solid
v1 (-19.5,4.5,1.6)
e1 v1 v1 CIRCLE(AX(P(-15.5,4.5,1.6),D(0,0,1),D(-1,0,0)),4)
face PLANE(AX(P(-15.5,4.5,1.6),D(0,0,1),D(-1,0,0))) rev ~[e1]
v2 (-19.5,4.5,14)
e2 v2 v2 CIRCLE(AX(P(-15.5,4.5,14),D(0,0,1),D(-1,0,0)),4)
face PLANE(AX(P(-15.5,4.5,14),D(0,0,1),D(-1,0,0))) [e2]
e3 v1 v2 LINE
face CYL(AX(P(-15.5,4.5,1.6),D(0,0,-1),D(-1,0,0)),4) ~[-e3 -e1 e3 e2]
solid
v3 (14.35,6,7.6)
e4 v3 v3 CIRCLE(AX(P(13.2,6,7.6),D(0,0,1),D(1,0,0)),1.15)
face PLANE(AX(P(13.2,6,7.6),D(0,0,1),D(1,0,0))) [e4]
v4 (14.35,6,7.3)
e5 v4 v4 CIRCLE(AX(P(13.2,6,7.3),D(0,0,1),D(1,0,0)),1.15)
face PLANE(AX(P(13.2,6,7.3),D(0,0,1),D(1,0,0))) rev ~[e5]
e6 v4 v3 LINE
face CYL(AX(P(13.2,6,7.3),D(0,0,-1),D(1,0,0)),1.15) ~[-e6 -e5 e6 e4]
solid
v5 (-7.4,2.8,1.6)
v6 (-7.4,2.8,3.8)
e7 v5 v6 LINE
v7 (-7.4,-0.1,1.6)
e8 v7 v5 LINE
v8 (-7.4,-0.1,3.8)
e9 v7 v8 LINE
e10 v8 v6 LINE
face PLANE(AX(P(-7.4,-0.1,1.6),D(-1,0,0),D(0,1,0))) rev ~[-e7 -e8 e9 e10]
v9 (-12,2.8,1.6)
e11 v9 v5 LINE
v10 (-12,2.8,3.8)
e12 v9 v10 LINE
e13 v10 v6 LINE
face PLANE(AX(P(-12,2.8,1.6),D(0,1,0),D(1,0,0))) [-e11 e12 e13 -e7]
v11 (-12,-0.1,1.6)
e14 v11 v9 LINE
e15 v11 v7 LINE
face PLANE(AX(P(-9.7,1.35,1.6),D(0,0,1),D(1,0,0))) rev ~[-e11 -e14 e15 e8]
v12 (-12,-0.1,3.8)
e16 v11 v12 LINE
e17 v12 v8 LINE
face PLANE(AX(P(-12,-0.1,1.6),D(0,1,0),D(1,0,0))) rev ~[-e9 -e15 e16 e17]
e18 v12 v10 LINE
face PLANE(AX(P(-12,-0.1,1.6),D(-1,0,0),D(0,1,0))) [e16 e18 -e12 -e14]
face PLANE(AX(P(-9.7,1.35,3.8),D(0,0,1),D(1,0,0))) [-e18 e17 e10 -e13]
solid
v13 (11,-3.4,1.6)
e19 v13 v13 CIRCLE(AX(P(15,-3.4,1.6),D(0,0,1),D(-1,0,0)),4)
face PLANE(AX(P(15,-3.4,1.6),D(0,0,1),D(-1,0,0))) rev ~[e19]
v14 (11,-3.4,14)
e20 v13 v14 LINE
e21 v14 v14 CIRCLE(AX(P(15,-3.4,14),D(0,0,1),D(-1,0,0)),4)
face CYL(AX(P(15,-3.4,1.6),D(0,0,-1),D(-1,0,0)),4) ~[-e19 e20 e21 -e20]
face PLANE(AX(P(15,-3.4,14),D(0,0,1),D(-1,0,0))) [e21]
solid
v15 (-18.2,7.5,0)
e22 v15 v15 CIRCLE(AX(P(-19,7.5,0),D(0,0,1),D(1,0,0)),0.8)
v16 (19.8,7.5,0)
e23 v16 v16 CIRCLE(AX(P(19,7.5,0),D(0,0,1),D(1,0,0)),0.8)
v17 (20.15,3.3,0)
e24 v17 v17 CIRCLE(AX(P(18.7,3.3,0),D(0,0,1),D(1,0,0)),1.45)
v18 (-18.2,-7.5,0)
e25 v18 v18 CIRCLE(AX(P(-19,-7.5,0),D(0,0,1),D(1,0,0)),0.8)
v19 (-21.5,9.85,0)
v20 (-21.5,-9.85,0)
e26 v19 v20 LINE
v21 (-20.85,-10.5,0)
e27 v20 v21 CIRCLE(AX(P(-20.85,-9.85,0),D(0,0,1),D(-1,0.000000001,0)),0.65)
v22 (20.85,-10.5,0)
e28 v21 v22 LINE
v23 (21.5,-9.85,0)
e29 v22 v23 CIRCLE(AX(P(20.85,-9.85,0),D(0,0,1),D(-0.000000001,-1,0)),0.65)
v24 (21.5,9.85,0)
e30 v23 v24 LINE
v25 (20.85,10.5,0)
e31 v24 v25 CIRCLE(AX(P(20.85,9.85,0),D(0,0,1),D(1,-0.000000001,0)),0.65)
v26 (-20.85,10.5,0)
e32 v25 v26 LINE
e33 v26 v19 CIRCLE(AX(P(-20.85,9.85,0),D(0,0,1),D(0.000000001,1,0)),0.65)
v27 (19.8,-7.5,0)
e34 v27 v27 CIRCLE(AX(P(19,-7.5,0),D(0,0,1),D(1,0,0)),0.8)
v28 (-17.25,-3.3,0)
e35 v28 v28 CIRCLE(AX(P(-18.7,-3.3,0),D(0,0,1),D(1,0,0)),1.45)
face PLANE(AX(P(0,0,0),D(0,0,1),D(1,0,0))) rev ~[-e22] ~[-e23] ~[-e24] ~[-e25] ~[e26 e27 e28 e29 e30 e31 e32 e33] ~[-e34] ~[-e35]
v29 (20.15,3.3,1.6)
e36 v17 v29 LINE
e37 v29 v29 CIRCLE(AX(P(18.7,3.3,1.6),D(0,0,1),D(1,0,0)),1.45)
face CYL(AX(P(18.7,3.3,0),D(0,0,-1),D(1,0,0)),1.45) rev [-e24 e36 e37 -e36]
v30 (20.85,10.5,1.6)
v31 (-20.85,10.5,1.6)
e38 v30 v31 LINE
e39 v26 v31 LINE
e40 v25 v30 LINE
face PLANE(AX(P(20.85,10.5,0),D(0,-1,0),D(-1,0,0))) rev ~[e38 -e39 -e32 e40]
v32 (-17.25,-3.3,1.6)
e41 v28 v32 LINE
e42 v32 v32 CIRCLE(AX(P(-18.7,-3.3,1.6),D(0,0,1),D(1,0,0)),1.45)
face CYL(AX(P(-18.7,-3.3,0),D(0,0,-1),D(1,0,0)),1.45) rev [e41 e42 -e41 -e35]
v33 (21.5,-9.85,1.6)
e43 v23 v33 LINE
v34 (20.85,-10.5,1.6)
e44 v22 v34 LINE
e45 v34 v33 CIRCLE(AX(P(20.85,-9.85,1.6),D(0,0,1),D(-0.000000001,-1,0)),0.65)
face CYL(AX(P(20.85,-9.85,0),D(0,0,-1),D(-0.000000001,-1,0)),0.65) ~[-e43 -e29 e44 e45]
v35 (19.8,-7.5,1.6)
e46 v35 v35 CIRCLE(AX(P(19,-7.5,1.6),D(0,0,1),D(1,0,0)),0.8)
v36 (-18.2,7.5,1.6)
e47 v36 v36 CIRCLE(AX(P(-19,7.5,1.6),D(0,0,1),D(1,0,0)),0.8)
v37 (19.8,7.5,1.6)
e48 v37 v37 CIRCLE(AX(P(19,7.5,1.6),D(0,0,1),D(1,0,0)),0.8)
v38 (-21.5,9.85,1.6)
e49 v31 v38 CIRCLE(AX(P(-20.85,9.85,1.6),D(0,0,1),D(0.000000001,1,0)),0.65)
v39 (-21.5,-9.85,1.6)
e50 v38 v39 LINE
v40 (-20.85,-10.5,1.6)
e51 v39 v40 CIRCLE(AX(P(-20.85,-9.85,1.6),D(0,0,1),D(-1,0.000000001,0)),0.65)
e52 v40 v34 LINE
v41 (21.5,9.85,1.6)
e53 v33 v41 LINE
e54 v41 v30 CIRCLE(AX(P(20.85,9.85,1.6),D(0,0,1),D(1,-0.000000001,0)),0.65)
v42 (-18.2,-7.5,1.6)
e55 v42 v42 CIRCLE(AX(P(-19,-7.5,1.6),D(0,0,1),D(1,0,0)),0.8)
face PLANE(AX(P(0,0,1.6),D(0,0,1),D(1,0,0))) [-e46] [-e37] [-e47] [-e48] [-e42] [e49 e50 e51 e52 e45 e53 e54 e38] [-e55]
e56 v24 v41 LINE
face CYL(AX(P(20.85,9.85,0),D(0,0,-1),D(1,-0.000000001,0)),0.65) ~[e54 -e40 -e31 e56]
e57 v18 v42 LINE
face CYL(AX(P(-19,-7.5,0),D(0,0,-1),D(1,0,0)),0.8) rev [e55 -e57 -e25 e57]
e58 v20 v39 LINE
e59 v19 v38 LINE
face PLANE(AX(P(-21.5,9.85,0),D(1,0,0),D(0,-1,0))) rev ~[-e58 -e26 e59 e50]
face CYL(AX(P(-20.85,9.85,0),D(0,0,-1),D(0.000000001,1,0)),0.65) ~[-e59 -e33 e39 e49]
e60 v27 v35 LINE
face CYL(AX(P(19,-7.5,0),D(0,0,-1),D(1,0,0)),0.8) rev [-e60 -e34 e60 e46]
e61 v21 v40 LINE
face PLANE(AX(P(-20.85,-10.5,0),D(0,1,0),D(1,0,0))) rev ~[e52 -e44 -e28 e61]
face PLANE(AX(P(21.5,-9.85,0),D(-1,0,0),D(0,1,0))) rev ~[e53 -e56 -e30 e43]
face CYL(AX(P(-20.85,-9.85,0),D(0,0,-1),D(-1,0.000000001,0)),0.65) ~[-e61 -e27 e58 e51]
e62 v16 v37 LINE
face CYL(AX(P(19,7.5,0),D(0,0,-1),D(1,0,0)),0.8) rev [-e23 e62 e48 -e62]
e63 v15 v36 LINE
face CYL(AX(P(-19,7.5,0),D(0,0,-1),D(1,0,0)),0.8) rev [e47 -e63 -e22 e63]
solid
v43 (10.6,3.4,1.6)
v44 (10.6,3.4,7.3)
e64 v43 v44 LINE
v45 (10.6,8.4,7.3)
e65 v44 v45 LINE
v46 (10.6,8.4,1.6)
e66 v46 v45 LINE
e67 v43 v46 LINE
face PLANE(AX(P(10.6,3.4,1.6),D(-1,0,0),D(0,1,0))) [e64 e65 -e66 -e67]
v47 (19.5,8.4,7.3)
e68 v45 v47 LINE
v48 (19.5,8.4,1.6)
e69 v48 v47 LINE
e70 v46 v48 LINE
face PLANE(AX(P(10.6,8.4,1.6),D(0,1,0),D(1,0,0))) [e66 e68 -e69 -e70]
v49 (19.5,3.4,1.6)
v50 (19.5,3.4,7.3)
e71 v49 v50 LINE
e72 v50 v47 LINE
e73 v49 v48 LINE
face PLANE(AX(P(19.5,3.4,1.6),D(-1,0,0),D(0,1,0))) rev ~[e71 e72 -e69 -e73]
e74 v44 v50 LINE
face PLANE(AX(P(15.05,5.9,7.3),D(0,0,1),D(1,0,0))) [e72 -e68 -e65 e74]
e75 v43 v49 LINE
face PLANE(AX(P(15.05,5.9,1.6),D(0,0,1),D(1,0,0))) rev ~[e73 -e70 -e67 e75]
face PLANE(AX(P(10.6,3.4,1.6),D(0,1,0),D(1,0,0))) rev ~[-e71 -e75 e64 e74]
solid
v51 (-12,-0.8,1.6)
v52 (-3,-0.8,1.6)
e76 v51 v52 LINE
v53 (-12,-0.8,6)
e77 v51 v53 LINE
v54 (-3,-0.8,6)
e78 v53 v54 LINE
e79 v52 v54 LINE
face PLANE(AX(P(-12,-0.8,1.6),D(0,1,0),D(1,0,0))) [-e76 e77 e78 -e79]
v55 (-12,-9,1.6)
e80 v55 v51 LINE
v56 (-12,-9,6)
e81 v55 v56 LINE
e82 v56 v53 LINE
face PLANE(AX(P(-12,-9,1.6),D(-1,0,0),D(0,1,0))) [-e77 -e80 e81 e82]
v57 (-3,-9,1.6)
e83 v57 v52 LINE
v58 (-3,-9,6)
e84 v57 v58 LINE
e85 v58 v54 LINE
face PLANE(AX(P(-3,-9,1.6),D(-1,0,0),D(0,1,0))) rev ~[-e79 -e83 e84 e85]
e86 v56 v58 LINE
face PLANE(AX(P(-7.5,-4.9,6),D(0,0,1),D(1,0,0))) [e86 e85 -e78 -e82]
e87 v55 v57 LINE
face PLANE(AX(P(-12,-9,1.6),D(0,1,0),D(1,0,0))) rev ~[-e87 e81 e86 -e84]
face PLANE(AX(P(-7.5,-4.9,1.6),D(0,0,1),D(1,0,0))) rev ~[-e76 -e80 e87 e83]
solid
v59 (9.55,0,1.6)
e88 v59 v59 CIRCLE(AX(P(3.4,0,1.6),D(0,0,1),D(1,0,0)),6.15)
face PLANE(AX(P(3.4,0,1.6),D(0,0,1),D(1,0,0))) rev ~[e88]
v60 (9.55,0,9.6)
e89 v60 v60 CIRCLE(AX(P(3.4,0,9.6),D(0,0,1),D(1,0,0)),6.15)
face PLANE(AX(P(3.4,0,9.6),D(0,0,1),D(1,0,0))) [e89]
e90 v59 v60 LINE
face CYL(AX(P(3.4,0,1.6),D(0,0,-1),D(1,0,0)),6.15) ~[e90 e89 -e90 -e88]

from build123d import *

# Parameters (mm, degrees)
PCB_43X21X1P6_SKETCH_R     = 0.8
PCB_43X21X1P6_SKETCH_R_2   = 1.45
PCB_43X21X1P6_DEPTH        = 1.6
LM2596S_TO263_START        = 1.6
LM2596S_TO263_SKETCH_W     = 9
LM2596S_TO263_SKETCH_H     = 8.2
LM2596S_TO263_DEPTH        = 4.4
TRIM_POT_START             = 1.6
TRIM_POT_SKETCH_W          = 8.9
TRIM_POT_SKETCH_H          = 5
TRIM_POT_DEPTH             = 5.7
TRIM_ADJUST_START          = 7.3
TRIM_ADJUST_SKETCH_R       = 1.15
TRIM_ADJUST_DEPTH          = 0.3
SHIELDED_INDUCTOR_START    = 1.6
SHIELDED_INDUCTOR_SKETCH_R = 6.15
SHIELDED_INDUCTOR_DEPTH    = 8
INPUT_CAPACITOR_START      = 1.6
INPUT_CAPACITOR_SKETCH_R   = 4
INPUT_CAPACITOR_DEPTH      = 12.4
OUTPUT_CAPACITOR_START     = 1.6
OUTPUT_CAPACITOR_SKETCH_R  = 4
OUTPUT_CAPACITOR_DEPTH     = 12.4
SCHOTTKY_DIODE_START       = 1.6
SCHOTTKY_DIODE_SKETCH_W    = 4.6
SCHOTTKY_DIODE_SKETCH_H    = 2.9
SCHOTTKY_DIODE_DEPTH       = 2.2


with BuildPart() as part:
    # PCB_43x21x1p6_Sketch → PCB_43x21x1p6 (new body)
    with BuildSketch(Plane.XY):
        with BuildLine():
            Line((-20.85, -10.5), (20.85, -10.5))
            ThreePointArc((20.85, -10.5), (21.309619408, -10.309619408), (21.5, -9.85))
            Line((21.5, -9.85), (21.5, 9.85))
            ThreePointArc((21.5, 9.85), (21.309619408, 10.309619408), (20.85, 10.5))
            Line((20.85, 10.5), (-20.85, 10.5))
            ThreePointArc((-20.85, 10.5), (-21.309619408, 10.309619408), (-21.5, 9.85))
            Line((-21.5, 9.85), (-21.5, -9.85))
            ThreePointArc((-21.5, -9.85), (-21.309619408, -10.309619408), (-20.85, -10.5))
        make_face()
        with Locations((-19, -7.5)):
            Circle(PCB_43X21X1P6_SKETCH_R, mode=Mode.SUBTRACT)
        with Locations((-19, 7.5)):
            Circle(PCB_43X21X1P6_SKETCH_R, mode=Mode.SUBTRACT)
        with Locations((19, -7.5)):
            Circle(PCB_43X21X1P6_SKETCH_R, mode=Mode.SUBTRACT)
        with Locations((19, 7.5)):
            Circle(PCB_43X21X1P6_SKETCH_R, mode=Mode.SUBTRACT)
        with Locations((-18.7, -3.3)):
            Circle(PCB_43X21X1P6_SKETCH_R_2, mode=Mode.SUBTRACT)
        with Locations((18.7, 3.3)):
            Circle(PCB_43X21X1P6_SKETCH_R_2, mode=Mode.SUBTRACT)
    extrude(amount=PCB_43X21X1P6_DEPTH)


with BuildPart() as body_2:
    # LM2596S_TO263_Sketch → LM2596S_TO263 (new body)
    with BuildSketch(Plane.XY.offset(LM2596S_TO263_START)):
        with Locations((-7.5, -4.9)):
            Rectangle(LM2596S_TO263_SKETCH_W, LM2596S_TO263_SKETCH_H)
    extrude(amount=LM2596S_TO263_DEPTH)


with BuildPart() as body_3:
    # Trim_pot_Sketch → Trim_pot (new body)
    with BuildSketch(Plane.XY.offset(TRIM_POT_START)):
        with Locations((15.05, 5.9)):
            Rectangle(TRIM_POT_SKETCH_W, TRIM_POT_SKETCH_H)
    extrude(amount=TRIM_POT_DEPTH)


with BuildPart() as body_4:
    # Trim_Adjust_Sketch → Trim_Adjust (new body)
    with BuildSketch(Plane.XY.offset(TRIM_ADJUST_START)):
        with Locations((13.2, 6)):
            Circle(TRIM_ADJUST_SKETCH_R)
    extrude(amount=TRIM_ADJUST_DEPTH)


with BuildPart() as body_5:
    # Shielded_inductor_Sketch → Shielded_inductor (new body)
    with BuildSketch(Plane.XY.offset(SHIELDED_INDUCTOR_START)):
        with Locations((3.4, 0)):
            Circle(SHIELDED_INDUCTOR_SKETCH_R)
    extrude(amount=SHIELDED_INDUCTOR_DEPTH)


with BuildPart() as body_6:
    # Input_capacitor_Sketch → Input_capacitor (new body)
    with BuildSketch(Plane.XY.offset(INPUT_CAPACITOR_START)):
        with Locations(Location((-15.5, 4.5, 0), (0, 0, 180))):
            Circle(INPUT_CAPACITOR_SKETCH_R)
    extrude(amount=INPUT_CAPACITOR_DEPTH)


with BuildPart() as body_7:
    # Output_capacitor_Sketch → Output_capacitor (new body)
    with BuildSketch(Plane.XY.offset(OUTPUT_CAPACITOR_START)):
        with Locations(Location((15, -3.4, 0), (0, 0, 180))):
            Circle(OUTPUT_CAPACITOR_SKETCH_R)
    extrude(amount=OUTPUT_CAPACITOR_DEPTH)


with BuildPart() as body_8:
    # Schottky_diode_Sketch → Schottky_diode (new body)
    with BuildSketch(Plane.XY.offset(SCHOTTKY_DIODE_START)):
        with Locations((-9.7, 1.35)):
            Rectangle(SCHOTTKY_DIODE_SKETCH_W, SCHOTTKY_DIODE_SKETCH_H)
    extrude(amount=SCHOTTKY_DIODE_DEPTH)


solid = Compound([part.part, body_2.part, body_3.part, body_4.part, body_5.part, body_6.part, body_7.part, body_8.part])
